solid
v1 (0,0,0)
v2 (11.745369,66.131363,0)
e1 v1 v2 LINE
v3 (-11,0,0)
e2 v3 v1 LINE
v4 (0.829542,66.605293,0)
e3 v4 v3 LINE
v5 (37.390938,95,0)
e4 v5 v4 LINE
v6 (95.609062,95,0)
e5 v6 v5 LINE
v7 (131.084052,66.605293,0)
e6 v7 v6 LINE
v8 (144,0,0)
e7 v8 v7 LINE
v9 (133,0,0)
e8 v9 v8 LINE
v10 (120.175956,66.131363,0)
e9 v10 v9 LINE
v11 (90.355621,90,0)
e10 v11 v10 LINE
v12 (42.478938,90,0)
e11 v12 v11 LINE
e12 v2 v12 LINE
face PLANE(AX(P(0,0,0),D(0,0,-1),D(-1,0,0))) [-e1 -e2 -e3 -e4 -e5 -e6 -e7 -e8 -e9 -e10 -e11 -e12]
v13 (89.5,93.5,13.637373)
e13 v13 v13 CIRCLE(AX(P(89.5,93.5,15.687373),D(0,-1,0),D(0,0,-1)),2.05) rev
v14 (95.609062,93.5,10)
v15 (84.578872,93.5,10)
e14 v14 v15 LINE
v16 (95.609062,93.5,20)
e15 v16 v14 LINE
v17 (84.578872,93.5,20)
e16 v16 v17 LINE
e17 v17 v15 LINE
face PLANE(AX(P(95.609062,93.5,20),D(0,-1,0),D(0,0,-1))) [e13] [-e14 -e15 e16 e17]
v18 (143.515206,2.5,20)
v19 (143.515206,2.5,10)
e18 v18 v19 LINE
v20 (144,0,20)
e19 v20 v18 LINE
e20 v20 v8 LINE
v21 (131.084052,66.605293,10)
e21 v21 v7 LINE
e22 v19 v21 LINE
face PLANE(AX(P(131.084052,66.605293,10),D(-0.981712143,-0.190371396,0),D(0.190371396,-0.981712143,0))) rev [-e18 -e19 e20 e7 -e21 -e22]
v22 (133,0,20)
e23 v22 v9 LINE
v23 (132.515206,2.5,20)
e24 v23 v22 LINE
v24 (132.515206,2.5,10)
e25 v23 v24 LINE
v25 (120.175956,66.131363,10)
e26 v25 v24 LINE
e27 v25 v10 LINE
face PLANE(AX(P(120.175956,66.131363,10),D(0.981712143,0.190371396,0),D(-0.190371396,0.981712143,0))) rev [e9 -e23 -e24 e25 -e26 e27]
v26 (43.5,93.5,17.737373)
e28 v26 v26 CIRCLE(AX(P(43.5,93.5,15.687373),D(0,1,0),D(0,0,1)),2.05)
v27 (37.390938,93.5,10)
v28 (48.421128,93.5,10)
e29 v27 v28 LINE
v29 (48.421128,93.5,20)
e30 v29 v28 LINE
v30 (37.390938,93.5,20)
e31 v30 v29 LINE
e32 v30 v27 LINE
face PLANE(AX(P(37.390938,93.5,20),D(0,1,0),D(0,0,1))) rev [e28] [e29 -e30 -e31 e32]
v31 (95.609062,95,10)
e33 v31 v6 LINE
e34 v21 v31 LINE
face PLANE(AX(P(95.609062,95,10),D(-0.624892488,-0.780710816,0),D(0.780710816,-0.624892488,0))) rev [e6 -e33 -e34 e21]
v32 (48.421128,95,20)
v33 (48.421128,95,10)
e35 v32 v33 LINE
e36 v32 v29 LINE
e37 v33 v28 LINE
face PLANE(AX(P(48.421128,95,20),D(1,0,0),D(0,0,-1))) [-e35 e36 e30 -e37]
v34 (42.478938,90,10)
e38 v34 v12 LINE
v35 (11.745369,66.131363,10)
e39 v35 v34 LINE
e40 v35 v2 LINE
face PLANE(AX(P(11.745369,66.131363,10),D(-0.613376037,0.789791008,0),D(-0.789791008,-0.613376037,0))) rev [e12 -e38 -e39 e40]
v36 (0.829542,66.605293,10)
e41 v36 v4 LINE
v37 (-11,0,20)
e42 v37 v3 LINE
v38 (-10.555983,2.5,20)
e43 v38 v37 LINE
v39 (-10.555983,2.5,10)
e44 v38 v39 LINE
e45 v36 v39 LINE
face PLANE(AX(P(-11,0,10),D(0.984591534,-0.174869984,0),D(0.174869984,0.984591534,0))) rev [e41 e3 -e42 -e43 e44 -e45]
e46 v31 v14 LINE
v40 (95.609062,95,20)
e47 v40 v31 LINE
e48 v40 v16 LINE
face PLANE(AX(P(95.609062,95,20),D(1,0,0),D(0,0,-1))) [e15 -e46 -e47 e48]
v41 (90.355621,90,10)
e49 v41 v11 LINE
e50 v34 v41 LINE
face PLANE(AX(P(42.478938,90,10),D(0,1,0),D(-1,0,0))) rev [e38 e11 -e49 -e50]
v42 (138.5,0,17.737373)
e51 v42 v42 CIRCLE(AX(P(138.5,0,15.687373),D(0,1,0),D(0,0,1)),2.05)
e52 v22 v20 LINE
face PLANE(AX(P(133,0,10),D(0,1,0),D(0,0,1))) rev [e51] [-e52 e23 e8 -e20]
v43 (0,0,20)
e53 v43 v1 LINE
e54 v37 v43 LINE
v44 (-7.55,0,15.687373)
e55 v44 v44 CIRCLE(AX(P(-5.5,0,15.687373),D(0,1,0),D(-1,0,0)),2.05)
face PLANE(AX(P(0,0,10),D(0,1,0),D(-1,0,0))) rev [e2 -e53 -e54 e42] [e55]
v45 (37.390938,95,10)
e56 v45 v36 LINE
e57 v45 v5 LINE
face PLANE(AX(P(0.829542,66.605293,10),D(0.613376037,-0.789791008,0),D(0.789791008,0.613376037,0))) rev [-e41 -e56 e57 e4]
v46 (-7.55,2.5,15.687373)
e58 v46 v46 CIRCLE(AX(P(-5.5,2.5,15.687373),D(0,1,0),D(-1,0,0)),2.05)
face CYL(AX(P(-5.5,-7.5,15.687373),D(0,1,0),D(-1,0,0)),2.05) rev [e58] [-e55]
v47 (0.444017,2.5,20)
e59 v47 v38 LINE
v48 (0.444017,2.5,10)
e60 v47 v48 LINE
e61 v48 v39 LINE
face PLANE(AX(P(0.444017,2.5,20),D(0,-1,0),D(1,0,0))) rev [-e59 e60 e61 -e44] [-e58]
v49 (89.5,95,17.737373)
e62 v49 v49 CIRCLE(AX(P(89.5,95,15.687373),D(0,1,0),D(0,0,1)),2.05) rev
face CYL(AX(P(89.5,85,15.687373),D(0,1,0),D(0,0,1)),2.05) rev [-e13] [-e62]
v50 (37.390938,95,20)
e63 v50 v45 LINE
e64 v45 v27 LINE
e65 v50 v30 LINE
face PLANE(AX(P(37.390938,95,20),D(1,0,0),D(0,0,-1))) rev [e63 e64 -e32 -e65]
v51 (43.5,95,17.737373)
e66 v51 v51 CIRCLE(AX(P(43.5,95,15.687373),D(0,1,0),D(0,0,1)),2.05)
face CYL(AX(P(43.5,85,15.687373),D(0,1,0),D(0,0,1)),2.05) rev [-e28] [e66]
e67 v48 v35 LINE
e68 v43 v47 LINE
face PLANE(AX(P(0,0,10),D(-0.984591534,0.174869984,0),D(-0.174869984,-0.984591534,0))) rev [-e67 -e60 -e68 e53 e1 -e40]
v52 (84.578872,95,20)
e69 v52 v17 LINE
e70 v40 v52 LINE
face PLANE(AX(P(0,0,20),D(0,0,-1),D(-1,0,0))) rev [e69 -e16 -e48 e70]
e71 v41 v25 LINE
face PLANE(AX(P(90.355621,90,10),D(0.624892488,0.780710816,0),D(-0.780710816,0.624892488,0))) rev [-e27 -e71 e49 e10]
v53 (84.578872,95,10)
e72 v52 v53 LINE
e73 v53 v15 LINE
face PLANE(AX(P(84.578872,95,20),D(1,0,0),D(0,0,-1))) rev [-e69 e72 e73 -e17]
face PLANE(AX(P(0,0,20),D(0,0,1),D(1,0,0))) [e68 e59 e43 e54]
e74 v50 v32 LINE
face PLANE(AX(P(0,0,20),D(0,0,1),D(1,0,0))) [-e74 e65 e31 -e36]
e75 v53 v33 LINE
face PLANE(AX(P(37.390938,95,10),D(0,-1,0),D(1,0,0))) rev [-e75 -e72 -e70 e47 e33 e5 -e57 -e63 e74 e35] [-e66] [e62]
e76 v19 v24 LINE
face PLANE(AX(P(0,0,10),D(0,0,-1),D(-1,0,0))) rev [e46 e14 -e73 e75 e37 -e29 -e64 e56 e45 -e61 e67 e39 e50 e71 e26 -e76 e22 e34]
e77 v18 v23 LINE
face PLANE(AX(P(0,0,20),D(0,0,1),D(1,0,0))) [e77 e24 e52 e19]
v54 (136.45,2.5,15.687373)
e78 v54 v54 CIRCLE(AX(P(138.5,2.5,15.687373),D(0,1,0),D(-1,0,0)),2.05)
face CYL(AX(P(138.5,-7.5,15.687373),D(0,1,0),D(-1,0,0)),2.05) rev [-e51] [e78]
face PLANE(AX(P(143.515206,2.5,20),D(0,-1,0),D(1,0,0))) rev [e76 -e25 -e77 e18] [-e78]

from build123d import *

# Parameters (mm, degrees)
BOSS_EXTRUDE1_DEPTH = 10
BOSS_EXTRUDE2_DEPTH = 10
SKETCH3_R           = 2.05
CUT_EXTRUDE1_DEPTH  = 10
SKETCH4_W           = 11.030190158
SKETCH4_H           = 1.5
BOSS_EXTRUDE3_DEPTH = 10
SKETCH6_R           = 2.05
CUT_EXTRUDE2_DEPTH  = 10


with BuildPart() as part:
    # Sketch1 → Boss-Extrude1 (new body)
    with BuildSketch(Plane.XY):
        Polygon((0, 0), (-11, 0), (0.829541595, 66.605292835), (37.390937938, 95), (95.609062062, 95), (131.084052408, 66.605292835), (144, 0), (133, 0), (120.17595579, 66.131363099), (90.355621362, 90), (42.478937602, 90), (11.745368532, 66.131363099), align=None)
    extrude(amount=BOSS_EXTRUDE1_DEPTH)

    # Sketch2 → Boss-Extrude2 (add)
    with BuildSketch(Plane.XY.offset(10)):
        Polygon((-11, 0), (0, 0), (0.444016575, 2.5), (-10.555983425, 2.5), align=None)
        Polygon((133, 0), (144, 0), (143.51520566, 2.5), (132.51520566, 2.5), align=None)
    extrude(amount=BOSS_EXTRUDE2_DEPTH)

    # Sketch3 → Cut-Extrude1 (cut)
    with BuildSketch(Plane(origin=(0, 2.5, 0), x_dir=(1, 0, 0), z_dir=(0, 1, 0))):
        with Locations(Location((-5.5, -15.687372709, 0), (0, 0, 180))):
            Circle(SKETCH3_R)
        with Locations(Location((138.5, -15.687372709, 0), (0, 0, 180))):
            Circle(SKETCH3_R)
    extrude(amount=-CUT_EXTRUDE1_DEPTH, mode=Mode.SUBTRACT)

    # Sketch4 → Boss-Extrude3 (add)
    with BuildSketch(Plane.XY.offset(10)):
        with Locations((42.906033017, 94.25)):
            Rectangle(SKETCH4_W, SKETCH4_H)
        with Locations((90.093966983, 94.25)):
            Rectangle(SKETCH4_W, SKETCH4_H)
    extrude(amount=BOSS_EXTRUDE3_DEPTH)

    # Sketch6 → Cut-Extrude2 (cut)
    with BuildSketch(Plane(origin=(0, 95, 0), x_dir=(1, 0, 0), z_dir=(0, 1, 0))):
        with Locations(Location((43.5, -15.687372709, 0), (0, 0, 270))):
            Circle(SKETCH6_R)
        with Locations(Location((89.5, -15.687372709, 0), (0, 0, 270))):
            Circle(SKETCH6_R)
    extrude(amount=-CUT_EXTRUDE2_DEPTH, mode=Mode.SUBTRACT)


solid = part.part
